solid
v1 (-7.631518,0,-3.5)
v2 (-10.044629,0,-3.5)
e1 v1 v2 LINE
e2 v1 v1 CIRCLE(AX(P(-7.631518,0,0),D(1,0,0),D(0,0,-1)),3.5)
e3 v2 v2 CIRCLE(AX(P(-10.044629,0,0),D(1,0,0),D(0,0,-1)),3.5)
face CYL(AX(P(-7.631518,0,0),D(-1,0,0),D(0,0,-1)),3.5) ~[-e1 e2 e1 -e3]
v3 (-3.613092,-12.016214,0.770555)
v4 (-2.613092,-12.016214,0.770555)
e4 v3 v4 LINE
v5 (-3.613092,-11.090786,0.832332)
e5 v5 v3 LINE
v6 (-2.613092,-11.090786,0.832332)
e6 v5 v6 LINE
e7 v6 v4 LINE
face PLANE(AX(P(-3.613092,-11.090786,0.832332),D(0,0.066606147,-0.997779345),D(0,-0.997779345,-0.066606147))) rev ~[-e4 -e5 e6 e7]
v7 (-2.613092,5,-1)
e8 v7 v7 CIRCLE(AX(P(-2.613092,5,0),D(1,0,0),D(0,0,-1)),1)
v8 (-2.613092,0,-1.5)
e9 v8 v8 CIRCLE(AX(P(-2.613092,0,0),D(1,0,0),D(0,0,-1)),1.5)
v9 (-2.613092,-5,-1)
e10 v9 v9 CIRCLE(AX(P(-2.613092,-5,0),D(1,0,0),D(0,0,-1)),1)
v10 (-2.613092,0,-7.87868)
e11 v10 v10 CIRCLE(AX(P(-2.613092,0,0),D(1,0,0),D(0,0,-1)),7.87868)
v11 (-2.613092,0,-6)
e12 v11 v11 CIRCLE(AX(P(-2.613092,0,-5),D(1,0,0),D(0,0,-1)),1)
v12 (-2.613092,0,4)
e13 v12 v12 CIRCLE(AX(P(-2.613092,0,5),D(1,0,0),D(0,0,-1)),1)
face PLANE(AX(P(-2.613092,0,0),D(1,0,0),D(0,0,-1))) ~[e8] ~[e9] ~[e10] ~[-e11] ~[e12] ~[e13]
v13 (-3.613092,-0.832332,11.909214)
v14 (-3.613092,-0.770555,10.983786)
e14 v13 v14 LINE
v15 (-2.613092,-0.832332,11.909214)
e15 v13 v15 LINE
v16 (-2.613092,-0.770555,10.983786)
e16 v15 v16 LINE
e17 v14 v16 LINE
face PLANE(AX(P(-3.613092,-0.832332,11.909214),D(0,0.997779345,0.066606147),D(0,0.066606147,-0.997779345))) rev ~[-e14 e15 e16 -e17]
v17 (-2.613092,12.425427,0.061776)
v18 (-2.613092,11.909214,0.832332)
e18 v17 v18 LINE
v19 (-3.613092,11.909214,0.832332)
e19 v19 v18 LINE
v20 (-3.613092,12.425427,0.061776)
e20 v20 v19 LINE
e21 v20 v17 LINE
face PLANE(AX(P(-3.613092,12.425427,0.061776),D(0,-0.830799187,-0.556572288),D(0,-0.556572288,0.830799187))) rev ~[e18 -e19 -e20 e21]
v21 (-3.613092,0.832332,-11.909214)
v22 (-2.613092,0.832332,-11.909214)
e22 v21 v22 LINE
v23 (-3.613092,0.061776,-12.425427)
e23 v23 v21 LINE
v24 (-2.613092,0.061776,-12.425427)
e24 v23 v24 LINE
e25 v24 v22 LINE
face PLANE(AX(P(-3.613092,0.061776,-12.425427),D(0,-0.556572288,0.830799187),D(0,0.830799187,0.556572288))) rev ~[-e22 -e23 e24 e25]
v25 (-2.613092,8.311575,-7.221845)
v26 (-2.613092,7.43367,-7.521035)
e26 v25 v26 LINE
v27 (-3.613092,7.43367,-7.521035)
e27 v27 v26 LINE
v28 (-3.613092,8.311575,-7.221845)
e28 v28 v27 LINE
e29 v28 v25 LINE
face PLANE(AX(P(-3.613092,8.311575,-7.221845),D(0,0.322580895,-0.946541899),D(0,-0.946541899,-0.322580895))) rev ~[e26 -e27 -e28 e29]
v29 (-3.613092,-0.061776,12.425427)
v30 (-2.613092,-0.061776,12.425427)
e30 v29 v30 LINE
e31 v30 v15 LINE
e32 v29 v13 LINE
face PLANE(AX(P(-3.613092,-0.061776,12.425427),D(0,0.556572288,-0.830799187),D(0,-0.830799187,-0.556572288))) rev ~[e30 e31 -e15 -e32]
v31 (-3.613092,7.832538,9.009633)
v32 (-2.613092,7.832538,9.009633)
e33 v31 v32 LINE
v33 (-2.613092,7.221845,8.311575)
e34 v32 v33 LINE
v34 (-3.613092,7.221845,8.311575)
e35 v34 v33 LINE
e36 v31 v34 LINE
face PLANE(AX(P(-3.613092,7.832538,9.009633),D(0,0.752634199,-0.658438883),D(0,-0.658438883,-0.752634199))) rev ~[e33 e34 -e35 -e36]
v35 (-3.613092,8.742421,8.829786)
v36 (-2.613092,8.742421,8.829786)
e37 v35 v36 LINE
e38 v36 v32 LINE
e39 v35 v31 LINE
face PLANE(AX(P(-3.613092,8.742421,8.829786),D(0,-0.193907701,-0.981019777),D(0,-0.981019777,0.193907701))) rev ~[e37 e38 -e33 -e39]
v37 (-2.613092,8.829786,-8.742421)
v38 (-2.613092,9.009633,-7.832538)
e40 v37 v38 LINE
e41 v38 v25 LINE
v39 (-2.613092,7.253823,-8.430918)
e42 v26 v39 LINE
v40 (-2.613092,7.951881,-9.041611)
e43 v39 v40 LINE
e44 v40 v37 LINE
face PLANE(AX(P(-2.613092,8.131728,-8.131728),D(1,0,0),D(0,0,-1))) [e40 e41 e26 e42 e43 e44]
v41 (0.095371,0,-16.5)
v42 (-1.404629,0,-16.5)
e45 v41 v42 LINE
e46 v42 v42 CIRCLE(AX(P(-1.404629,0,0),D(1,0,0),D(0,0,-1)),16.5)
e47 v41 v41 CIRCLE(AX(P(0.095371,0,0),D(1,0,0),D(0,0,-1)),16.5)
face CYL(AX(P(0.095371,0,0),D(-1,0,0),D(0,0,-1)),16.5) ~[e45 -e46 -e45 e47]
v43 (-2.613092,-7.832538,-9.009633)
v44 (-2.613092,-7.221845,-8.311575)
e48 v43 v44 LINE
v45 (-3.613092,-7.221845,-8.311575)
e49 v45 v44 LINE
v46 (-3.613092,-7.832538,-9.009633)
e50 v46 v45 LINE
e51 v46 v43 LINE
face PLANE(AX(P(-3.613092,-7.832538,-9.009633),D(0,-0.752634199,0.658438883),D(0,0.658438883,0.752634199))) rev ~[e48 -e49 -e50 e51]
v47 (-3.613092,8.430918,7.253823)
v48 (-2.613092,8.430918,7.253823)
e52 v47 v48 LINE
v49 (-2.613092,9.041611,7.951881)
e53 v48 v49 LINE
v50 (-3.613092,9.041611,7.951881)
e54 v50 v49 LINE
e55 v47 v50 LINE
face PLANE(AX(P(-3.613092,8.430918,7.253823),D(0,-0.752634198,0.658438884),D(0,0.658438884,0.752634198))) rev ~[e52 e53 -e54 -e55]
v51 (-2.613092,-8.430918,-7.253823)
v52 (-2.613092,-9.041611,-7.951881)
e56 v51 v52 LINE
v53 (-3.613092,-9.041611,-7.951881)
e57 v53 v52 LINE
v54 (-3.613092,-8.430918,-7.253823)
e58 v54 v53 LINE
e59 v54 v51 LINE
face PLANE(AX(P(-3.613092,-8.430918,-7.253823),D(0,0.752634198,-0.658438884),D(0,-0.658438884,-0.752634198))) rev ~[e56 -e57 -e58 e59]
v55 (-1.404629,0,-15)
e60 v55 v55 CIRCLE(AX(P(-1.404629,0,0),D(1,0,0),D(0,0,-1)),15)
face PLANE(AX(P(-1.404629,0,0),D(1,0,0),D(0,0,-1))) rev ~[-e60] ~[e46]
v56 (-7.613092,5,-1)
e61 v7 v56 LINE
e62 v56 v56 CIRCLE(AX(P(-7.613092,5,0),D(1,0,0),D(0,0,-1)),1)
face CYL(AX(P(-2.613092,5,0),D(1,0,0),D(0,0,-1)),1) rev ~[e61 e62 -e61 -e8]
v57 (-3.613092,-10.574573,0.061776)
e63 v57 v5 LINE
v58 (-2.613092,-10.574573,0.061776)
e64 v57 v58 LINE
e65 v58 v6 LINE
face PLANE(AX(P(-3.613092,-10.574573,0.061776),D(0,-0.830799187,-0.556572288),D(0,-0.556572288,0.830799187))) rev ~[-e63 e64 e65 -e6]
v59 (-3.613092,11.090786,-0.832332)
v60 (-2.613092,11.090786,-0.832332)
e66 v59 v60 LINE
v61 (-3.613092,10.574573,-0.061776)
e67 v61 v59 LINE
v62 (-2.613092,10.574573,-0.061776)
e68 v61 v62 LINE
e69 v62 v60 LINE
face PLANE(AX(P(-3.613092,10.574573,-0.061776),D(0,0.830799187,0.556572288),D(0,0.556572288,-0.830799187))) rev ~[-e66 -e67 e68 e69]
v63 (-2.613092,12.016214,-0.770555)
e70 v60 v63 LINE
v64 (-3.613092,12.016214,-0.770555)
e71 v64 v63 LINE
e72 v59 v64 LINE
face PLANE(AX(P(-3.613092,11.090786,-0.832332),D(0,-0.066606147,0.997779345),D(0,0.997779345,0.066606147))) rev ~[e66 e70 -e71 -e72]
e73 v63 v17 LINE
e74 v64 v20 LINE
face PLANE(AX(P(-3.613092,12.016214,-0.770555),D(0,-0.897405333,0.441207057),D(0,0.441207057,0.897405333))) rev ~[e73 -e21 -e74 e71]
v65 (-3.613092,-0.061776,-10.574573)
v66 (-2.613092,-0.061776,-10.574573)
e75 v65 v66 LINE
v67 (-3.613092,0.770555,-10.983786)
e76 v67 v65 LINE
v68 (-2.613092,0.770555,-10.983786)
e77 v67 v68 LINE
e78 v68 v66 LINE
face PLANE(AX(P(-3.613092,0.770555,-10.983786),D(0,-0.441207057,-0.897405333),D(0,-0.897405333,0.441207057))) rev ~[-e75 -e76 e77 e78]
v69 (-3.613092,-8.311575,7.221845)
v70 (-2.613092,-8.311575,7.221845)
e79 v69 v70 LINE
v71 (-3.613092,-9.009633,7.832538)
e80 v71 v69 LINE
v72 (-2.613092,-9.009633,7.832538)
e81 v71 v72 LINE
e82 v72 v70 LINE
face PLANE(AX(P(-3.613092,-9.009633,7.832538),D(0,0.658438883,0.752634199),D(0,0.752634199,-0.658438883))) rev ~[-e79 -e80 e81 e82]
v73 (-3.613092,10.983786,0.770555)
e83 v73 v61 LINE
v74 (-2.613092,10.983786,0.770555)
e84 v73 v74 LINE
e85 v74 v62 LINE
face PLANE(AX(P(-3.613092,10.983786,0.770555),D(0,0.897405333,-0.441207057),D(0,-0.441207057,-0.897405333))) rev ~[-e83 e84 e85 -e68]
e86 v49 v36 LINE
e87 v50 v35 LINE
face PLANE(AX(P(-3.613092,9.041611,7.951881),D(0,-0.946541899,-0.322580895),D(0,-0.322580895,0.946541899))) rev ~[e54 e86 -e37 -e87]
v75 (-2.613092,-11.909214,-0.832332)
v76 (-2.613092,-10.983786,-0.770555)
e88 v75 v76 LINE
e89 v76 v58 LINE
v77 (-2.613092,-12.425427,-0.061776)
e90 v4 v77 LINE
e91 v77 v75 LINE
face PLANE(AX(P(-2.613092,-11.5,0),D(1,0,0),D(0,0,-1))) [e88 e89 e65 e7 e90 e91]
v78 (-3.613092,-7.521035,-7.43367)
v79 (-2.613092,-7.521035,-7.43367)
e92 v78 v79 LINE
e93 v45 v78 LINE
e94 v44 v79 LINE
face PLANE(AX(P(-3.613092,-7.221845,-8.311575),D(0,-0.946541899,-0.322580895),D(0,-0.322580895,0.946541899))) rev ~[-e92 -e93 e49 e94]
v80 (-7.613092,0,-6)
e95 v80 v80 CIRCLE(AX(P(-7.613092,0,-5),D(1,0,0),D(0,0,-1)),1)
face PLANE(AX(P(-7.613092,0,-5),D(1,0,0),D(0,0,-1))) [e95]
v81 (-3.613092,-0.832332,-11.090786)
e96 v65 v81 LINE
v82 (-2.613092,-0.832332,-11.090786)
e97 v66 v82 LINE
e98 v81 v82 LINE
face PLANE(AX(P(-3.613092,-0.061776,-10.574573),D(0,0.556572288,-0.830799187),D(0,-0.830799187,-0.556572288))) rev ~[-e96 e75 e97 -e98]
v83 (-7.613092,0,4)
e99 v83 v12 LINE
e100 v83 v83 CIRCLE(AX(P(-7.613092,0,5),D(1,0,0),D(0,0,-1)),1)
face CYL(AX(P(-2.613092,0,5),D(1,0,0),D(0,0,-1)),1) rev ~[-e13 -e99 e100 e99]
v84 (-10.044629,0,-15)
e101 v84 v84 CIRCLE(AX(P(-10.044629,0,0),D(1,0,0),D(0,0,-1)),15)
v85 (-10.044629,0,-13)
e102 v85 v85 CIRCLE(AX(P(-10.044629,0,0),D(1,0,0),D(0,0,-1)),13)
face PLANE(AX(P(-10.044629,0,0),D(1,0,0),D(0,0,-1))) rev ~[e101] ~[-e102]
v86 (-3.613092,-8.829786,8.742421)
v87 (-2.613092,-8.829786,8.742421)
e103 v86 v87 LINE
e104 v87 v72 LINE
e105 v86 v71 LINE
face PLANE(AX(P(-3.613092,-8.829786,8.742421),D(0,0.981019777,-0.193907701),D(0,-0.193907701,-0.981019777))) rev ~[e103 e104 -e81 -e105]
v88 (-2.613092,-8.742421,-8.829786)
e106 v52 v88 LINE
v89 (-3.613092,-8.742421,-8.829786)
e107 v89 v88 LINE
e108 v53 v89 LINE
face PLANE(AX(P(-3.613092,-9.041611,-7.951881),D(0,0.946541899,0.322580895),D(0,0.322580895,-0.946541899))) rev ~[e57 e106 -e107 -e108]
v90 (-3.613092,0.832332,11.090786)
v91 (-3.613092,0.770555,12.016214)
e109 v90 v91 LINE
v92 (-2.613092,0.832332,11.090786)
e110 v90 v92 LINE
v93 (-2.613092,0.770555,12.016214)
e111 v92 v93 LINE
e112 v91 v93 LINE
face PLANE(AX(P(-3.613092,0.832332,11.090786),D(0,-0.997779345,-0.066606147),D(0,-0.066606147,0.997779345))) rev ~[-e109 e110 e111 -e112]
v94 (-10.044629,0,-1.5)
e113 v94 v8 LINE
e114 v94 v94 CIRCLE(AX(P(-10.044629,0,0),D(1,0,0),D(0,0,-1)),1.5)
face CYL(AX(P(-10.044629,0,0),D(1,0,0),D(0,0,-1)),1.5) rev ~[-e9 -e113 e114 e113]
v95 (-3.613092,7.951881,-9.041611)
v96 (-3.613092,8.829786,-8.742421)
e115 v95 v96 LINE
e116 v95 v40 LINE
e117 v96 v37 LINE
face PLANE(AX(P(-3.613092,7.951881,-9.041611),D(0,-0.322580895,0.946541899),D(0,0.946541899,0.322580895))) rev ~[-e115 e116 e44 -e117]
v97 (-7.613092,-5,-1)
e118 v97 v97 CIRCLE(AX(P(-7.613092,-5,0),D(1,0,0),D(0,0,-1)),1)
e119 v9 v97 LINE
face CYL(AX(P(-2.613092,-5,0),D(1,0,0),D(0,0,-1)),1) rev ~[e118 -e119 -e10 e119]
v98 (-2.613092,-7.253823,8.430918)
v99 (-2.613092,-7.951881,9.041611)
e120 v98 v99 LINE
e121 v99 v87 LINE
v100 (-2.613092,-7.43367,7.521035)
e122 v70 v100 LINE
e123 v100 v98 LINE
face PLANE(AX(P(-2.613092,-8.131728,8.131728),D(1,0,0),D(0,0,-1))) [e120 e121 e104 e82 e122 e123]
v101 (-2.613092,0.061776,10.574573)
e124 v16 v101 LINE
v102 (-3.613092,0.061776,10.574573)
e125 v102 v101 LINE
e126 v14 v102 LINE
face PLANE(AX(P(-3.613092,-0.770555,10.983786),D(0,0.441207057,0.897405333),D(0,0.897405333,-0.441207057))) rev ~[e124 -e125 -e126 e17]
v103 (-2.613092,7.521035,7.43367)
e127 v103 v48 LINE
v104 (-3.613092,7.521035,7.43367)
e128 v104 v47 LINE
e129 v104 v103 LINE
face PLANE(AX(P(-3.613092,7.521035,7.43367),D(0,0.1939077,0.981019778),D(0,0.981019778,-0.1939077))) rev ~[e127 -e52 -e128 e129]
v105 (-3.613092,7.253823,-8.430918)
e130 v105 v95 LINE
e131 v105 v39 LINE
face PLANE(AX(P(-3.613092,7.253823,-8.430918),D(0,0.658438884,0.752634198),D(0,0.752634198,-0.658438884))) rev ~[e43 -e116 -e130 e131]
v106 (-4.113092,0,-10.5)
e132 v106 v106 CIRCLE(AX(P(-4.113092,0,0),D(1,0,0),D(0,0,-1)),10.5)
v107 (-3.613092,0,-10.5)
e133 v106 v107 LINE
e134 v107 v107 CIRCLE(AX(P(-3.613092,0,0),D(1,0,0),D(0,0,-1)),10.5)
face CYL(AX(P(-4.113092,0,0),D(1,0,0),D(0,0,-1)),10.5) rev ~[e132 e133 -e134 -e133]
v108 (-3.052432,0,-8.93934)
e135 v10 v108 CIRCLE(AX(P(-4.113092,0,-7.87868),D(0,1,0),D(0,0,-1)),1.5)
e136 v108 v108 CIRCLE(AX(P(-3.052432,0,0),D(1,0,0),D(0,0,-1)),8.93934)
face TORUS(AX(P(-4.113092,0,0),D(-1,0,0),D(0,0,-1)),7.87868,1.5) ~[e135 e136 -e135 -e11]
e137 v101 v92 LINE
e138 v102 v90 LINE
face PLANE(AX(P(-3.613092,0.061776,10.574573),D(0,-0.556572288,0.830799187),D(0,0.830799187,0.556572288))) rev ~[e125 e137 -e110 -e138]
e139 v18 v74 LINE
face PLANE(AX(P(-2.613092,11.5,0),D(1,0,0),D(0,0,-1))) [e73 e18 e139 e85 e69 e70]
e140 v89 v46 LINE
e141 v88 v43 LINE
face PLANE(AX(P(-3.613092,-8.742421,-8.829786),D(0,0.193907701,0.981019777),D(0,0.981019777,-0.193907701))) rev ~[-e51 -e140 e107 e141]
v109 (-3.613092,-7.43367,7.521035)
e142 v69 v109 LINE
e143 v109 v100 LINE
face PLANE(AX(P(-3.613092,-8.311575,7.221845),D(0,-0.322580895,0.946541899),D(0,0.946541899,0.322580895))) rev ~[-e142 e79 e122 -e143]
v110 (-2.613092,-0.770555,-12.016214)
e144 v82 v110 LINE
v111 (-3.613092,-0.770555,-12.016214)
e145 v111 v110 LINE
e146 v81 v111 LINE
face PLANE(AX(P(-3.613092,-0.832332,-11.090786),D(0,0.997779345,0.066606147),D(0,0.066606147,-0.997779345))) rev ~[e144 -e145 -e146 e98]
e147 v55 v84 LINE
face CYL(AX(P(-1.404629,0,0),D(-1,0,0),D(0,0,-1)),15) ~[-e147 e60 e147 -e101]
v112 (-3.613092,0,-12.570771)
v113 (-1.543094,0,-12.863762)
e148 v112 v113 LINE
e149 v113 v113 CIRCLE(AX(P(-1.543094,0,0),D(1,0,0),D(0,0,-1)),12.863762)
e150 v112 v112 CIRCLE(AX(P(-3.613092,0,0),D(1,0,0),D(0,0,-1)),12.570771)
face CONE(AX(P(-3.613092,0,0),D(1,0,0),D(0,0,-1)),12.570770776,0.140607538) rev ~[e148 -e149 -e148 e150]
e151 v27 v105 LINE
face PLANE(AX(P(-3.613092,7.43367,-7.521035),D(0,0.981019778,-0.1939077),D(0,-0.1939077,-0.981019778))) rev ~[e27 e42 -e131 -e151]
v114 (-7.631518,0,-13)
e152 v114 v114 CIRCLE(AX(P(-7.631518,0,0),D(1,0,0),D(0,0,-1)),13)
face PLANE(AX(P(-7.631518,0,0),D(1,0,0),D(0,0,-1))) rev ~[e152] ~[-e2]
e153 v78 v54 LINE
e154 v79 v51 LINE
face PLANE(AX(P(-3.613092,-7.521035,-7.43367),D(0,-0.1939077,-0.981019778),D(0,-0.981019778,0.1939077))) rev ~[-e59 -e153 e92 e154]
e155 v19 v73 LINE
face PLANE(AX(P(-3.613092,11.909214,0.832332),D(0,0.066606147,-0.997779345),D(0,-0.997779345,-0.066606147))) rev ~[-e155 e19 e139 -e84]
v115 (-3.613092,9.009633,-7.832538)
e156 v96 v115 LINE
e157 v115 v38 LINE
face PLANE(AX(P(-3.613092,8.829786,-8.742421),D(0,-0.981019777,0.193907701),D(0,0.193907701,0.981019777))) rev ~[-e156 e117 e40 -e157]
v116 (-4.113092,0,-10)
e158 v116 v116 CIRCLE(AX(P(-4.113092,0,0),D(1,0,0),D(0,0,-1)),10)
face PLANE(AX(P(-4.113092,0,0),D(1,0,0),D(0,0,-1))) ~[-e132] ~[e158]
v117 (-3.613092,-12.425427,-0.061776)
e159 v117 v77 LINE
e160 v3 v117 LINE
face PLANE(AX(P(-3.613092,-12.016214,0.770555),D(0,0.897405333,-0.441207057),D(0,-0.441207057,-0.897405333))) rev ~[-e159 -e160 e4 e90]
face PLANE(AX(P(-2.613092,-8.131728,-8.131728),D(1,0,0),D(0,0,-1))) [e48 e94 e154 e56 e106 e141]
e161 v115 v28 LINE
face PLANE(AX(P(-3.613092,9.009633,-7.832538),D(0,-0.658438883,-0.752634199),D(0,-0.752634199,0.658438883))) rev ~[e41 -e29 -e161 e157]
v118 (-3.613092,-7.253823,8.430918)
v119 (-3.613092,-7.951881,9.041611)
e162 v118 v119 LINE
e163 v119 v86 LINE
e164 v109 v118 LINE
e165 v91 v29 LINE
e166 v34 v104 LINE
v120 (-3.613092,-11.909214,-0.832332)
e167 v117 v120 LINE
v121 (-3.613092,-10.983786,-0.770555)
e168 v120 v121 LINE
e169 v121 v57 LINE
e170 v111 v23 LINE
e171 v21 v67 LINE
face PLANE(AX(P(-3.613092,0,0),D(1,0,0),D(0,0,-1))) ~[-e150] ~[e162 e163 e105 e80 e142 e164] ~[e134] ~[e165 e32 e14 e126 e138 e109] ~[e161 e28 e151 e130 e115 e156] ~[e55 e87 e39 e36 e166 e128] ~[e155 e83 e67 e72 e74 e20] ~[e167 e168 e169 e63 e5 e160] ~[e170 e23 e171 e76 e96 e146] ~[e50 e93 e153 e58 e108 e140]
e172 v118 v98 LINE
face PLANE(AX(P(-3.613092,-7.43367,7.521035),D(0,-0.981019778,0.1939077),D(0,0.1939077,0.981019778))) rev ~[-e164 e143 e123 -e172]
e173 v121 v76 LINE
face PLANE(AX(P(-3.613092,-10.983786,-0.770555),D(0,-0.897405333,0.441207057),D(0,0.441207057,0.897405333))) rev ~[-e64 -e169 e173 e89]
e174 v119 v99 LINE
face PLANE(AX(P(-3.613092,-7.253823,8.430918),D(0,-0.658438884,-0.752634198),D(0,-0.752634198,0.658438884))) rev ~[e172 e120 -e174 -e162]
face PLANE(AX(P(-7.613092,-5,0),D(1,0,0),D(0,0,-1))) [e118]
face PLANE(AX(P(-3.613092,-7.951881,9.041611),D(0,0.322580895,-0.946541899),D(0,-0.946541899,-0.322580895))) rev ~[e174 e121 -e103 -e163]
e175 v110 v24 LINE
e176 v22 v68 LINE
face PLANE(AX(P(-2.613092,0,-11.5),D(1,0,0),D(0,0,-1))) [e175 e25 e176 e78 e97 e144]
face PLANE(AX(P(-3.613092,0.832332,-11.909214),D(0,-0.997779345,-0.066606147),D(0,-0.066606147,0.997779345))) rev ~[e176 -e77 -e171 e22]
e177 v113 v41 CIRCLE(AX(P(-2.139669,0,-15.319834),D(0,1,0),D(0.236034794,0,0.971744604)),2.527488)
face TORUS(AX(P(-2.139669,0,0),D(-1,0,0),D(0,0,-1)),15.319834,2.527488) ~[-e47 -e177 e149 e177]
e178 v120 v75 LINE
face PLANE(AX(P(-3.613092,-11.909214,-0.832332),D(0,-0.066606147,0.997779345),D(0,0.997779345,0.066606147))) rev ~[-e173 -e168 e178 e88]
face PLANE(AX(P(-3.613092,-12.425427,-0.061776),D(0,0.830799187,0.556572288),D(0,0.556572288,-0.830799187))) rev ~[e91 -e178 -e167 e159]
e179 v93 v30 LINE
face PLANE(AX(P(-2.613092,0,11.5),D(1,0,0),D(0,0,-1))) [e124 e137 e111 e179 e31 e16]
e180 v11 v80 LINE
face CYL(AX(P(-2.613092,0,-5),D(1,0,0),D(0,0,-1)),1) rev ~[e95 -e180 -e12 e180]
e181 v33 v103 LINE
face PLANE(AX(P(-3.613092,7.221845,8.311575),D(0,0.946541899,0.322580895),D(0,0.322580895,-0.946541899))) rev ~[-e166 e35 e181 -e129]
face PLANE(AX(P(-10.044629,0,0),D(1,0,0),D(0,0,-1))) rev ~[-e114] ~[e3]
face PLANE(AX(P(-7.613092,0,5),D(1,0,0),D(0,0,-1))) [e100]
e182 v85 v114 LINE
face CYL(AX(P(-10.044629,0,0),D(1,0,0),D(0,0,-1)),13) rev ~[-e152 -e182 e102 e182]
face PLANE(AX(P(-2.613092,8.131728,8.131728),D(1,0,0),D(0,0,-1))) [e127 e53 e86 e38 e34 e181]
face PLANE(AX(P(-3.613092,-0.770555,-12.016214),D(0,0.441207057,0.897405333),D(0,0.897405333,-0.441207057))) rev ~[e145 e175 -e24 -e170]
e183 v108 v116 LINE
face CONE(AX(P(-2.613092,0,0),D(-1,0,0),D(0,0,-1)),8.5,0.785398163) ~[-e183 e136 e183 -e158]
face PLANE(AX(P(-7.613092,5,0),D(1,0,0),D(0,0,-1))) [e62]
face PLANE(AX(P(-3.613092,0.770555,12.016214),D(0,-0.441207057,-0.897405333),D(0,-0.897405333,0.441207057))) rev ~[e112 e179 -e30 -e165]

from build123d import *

# Parameters (mm, degrees)
FILLET1_R           = 1.5
SKETCH2_R           = 1
CUT_EXTRUDE1_DEPTH  = 5
BOSS_EXTRUDE1_DEPTH = 1


with BuildPart() as part:
    # Sketch1 → Revolve1 (revolve)
    with BuildSketch(Plane(origin=(0, 0, 0), x_dir=(1, 0, 0), z_dir=(0, 1, 0))):
        with BuildLine():
            Line((0.095371477, 16.5), (-1.404628523, 16.5))
            Line((-1.404628523, 16.5), (-1.404628523, 15))
            Line((-1.404628523, 15), (-10.044628523, 15))
            Line((-10.044628523, 15), (-10.044628523, 13))
            Line((-10.044628523, 13), (-7.631517886, 13))
            Line((-7.631517886, 13), (-7.631517886, 3.5))
            Line((-7.631517886, 3.5), (-10.044628523, 3.5))
            Line((-10.044628523, 3.5), (-10.044628523, 1.5))
            Line((-10.044628523, 1.5), (-7.631517886, 1.5))
            Line((-7.631517886, 1.5), (-2.613091993, 1.5))
            Line((-2.613091993, 1.5), (-2.613091993, 8.5))
            Line((-2.613091993, 8.5), (-4.113091993, 10))
            Line((-4.113091993, 10), (-4.113091993, 10.5))
            Line((-4.113091993, 10.5), (-3.613091993, 10.5))
            Line((-3.613091993, 10.5), (-3.613091993, 12.570770776))
            Line((-3.613091993, 12.570770776), (-1.543093741, 12.863761539))
            ThreePointArc((-1.543093741, 12.863761539), (0.164689844, 14.281505523), (0.095371477, 16.5))
        make_face()
    revolve(axis=Axis((-25, 0, 0), (1, 0, 0)))

    # Fillet1
    fillet1_edges = [part.edges().sort_by_distance(p)[0] for p in [
        (-2.613091993, 0, 8.5),
    ]]
    fillet(fillet1_edges, radius=FILLET1_R)

    # Sketch2 → Cut-Extrude1 (cut, symmetric)
    with BuildSketch(Plane(origin=(-2.613091993, 0, 0), x_dir=(0, 0, -1), z_dir=(1, 0, 0))):
        with Locations((0, 5)):
            Circle(SKETCH2_R)
        with Locations((5, 0)):
            Circle(SKETCH2_R)
        with Locations((0, -5)):
            Circle(SKETCH2_R)
        with Locations((-5, 0)):
            Circle(SKETCH2_R)
    extrude(amount=CUT_EXTRUDE1_DEPTH, both=True, mode=Mode.SUBTRACT)

    # Sketch3 → Boss-Extrude1 (add)
    with BuildSketch(Plane(origin=(-3.613091993, 0, 0), x_dir=(0, 0, -1), z_dir=(1, 0, 0))):
        Polygon((8.43091754, 7.253822764), (9.041610985, 7.95188113), (8.742421428, 8.82978635), (7.832538427, 9.009633204), (7.221844982, 8.311574837), (7.521034539, 7.433669617), align=None)
        Polygon((0.832331699, 11.09078623), (0.77055537, 12.016213511), (-0.061776329, 12.425427281), (-0.832331699, 11.90921377), (-0.77055537, 10.983786489), (0.061776329, 10.574572719), align=None)
        Polygon((11.09078623, -0.832331699), (12.016213511, -0.77055537), (12.425427281, 0.061776329), (11.90921377, 0.832331699), (10.983786489, 0.77055537), (10.574572719, -0.061776329), align=None)
        Polygon((7.253822764, -8.43091754), (7.95188113, -9.041610985), (8.82978635, -8.742421428), (9.009633204, -7.832538427), (8.311574837, -7.221844982), (7.433669617, -7.521034539), align=None)
        Polygon((-0.832331699, -11.09078623), (-0.77055537, -12.016213511), (0.061776329, -12.425427281), (0.832331699, -11.90921377), (0.77055537, -10.983786489), (-0.061776329, -10.574572719), align=None)
        Polygon((-8.43091754, -7.253822764), (-9.041610985, -7.95188113), (-8.742421428, -8.82978635), (-7.832538427, -9.009633204), (-7.221844982, -8.311574837), (-7.521034539, -7.433669617), align=None)
        Polygon((-11.09078623, 0.832331699), (-12.016213511, 0.77055537), (-12.425427281, -0.061776329), (-11.90921377, -0.832331699), (-10.983786489, -0.77055537), (-10.574572719, 0.061776329), align=None)
        Polygon((-7.253822764, 8.43091754), (-7.95188113, 9.041610985), (-8.82978635, 8.742421428), (-9.009633204, 7.832538427), (-8.311574837, 7.221844982), (-7.433669617, 7.521034539), align=None)
    extrude(amount=BOSS_EXTRUDE1_DEPTH)


solid = part.part
